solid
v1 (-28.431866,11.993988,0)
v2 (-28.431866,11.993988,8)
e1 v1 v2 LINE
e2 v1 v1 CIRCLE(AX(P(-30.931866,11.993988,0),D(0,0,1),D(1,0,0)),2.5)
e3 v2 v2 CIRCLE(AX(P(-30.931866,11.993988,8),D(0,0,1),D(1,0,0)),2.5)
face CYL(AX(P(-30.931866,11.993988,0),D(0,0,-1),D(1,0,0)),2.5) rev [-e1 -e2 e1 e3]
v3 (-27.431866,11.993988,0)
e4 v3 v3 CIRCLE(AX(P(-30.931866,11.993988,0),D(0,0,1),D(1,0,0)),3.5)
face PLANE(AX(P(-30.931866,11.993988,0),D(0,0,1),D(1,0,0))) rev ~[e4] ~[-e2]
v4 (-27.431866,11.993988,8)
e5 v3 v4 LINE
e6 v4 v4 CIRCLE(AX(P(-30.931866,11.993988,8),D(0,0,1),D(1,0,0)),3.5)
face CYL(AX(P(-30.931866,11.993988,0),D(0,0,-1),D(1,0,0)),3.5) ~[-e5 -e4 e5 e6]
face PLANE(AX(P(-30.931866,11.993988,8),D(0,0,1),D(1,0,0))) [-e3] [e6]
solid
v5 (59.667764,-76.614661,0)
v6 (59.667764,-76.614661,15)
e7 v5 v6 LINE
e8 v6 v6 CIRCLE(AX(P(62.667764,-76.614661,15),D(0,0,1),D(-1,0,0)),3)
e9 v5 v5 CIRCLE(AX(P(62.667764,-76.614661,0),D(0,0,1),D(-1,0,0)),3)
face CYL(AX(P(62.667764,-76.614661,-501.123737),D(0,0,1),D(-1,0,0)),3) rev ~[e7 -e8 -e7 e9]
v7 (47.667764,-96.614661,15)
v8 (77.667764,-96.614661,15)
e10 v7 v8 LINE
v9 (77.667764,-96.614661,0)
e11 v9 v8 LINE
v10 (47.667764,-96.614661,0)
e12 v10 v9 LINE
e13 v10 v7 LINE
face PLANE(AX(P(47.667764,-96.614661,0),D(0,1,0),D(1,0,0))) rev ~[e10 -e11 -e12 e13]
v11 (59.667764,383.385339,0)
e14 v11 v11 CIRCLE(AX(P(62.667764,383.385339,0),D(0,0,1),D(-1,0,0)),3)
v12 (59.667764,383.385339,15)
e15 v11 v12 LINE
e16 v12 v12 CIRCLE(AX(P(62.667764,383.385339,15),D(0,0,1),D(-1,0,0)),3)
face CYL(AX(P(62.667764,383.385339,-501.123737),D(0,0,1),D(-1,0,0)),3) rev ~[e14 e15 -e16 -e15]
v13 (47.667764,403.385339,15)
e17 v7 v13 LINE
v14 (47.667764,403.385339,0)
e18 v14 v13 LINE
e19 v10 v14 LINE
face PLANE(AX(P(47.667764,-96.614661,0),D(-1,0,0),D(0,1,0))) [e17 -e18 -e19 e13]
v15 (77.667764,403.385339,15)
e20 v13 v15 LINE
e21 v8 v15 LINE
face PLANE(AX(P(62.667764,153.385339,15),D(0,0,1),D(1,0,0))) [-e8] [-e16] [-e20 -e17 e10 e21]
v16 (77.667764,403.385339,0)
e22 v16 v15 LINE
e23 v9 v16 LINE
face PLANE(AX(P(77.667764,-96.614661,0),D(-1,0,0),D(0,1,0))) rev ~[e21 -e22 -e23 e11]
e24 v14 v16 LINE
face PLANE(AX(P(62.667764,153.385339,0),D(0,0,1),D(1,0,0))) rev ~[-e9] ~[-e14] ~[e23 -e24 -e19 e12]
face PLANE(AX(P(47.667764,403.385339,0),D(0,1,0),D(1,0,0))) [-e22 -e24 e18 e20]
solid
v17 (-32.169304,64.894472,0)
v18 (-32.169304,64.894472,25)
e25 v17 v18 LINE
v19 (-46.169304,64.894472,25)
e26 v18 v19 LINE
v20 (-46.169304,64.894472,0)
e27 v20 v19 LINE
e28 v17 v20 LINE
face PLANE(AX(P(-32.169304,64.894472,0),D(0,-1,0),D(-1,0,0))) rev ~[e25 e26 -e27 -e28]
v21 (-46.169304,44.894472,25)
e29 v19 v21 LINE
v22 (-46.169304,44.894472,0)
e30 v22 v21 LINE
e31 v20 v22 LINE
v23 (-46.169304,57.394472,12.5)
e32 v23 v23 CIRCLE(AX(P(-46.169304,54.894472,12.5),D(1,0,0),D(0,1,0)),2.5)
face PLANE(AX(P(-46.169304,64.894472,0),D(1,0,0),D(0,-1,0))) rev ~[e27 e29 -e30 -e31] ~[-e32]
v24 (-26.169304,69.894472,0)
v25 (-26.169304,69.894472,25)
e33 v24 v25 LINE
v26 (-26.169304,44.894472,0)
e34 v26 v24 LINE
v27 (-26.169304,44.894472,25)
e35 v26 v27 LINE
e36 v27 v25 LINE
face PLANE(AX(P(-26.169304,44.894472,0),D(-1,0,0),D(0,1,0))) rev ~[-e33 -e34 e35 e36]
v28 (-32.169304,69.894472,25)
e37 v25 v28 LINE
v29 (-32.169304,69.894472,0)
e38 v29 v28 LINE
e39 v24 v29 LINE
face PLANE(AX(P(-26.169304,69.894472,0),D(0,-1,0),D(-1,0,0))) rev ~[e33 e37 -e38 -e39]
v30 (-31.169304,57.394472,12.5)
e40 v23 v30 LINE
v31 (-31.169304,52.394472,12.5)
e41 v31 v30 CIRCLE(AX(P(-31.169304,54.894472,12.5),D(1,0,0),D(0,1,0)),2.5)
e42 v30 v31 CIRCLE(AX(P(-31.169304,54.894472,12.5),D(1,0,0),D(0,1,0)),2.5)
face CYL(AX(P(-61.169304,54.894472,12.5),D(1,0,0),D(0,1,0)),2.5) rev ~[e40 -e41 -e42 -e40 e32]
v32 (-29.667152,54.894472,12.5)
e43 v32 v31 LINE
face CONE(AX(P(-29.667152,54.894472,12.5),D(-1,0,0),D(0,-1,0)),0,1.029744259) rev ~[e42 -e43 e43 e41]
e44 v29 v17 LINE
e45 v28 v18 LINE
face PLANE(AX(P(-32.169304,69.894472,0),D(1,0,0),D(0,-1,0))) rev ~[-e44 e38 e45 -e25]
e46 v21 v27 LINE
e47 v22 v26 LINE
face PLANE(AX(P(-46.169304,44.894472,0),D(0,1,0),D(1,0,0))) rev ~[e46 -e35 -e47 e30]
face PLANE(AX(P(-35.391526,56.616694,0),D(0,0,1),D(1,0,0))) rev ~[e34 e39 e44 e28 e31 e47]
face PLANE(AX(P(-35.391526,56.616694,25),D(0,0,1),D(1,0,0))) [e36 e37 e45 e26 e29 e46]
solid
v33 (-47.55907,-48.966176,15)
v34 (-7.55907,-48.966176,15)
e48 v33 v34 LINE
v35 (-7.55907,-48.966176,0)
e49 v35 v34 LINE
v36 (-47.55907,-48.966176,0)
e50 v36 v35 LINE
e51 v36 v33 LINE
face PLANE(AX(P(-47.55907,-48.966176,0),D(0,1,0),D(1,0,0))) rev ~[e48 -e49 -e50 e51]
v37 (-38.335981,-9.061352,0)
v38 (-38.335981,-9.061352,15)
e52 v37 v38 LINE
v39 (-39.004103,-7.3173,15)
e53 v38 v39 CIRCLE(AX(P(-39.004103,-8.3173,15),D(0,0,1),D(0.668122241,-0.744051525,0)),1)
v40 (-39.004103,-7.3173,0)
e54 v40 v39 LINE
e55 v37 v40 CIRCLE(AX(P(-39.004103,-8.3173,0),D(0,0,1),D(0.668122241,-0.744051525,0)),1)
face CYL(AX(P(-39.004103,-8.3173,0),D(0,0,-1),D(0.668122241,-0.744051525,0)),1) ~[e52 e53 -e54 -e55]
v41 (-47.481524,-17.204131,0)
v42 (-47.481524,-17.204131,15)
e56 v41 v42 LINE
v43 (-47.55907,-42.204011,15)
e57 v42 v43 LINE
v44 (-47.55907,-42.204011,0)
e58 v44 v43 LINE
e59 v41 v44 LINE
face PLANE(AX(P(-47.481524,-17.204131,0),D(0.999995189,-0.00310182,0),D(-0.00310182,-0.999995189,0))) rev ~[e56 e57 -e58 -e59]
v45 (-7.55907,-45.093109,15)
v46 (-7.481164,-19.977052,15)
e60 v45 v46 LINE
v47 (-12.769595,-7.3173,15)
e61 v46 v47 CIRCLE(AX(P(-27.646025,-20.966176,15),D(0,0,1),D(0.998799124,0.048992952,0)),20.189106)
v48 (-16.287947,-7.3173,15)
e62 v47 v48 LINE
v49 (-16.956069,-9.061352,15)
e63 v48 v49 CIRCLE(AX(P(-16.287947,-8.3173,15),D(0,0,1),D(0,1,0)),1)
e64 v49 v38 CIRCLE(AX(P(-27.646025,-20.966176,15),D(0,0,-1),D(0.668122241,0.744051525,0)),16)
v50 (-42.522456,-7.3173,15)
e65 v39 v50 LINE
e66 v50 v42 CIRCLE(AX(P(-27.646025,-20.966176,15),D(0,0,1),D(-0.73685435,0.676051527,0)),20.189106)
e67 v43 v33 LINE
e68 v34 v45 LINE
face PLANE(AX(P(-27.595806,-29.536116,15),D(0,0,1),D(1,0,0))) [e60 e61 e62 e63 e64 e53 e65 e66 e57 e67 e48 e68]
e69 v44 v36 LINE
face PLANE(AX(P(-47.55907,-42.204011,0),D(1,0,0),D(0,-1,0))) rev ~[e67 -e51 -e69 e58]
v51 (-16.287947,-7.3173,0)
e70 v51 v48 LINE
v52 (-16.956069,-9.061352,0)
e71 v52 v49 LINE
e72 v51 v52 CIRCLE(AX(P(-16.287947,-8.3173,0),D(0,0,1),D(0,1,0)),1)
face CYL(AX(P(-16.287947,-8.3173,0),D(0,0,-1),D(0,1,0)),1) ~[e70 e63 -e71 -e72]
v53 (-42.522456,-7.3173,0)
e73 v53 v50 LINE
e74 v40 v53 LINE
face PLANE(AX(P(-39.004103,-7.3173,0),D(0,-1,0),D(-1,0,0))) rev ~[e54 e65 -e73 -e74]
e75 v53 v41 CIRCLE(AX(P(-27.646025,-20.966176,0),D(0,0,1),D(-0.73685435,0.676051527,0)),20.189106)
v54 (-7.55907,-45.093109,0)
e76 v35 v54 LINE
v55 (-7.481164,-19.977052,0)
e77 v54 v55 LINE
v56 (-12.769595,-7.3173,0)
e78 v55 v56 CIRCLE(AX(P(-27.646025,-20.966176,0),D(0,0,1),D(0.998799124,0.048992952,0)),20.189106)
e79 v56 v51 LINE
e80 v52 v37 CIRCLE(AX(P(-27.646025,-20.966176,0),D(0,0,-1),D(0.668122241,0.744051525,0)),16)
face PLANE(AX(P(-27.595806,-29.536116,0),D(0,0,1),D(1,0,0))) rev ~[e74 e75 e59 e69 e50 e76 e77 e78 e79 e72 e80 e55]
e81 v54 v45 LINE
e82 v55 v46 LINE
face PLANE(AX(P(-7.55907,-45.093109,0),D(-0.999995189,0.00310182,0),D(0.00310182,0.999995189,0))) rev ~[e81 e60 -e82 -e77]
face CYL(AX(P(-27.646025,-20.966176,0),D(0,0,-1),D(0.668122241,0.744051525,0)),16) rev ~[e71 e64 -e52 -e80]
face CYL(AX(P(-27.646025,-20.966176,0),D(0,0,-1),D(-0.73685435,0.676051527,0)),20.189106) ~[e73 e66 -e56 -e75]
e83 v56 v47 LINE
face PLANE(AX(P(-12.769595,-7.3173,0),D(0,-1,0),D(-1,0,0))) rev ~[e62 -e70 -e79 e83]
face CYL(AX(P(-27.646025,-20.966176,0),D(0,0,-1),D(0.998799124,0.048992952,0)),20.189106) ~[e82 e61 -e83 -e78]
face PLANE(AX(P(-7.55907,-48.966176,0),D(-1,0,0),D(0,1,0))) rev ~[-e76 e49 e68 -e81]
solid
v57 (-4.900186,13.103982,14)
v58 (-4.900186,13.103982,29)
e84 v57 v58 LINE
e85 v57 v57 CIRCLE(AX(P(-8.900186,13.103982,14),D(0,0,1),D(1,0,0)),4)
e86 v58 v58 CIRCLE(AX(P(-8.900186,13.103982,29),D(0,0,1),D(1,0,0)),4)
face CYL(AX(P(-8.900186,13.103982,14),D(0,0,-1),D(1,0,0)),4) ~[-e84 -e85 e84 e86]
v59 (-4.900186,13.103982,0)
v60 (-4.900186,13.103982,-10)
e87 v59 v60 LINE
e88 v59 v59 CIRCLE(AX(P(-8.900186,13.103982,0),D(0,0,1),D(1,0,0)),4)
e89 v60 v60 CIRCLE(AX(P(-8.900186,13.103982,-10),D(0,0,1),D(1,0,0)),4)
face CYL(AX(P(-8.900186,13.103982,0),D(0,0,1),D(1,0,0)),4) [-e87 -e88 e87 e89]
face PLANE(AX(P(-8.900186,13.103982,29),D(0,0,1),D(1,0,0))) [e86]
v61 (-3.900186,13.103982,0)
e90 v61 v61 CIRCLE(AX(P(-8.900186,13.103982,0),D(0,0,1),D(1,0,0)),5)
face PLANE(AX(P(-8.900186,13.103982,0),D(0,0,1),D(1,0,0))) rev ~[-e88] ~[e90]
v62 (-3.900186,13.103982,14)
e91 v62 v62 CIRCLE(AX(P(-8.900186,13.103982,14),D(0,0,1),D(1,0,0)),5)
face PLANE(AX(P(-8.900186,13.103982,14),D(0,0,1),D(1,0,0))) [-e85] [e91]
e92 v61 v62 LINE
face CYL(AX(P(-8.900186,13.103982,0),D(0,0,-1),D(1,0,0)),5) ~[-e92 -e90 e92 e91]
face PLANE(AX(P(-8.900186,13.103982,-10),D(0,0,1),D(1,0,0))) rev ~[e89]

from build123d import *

# Parameters (mm, degrees)
F0_R      = 3.5
F0_R_2    = 2.5
F1_DEPTH  = 8
F0_R_3    = 4
F2_DEPTH  = 10
F0_R_4    = 5
F3_DEPTH  = 14
F4_R      = 4
F5_DEPTH  = 15
F0_W      = 30
F0_H      = 500
F6_DEPTH  = 15
F7_D      = 6
F8_DEPTH  = 25
F10_D     = 5
F10_DEPTH = 15
F10_TIP   = 1.5021515476
F11_DEPTH = 15


with BuildPart() as f1:
    # F0 (on Top) → F1 (new body)
    with BuildSketch(Plane.XY):
        with Locations((-30.9318657964, 11.9939884171)):
            Circle(F0_R)
        with Locations((-30.9318657964, 11.9939884171)):
            Circle(F0_R_2, mode=Mode.SUBTRACT)
    extrude(amount=F1_DEPTH)


with BuildPart() as f2:
    # F0 (on Top) → F2 (new body)
    with BuildSketch(Plane.XY):
        with Locations((-8.900186047, 13.1039824337)):
            Circle(F0_R_3)
    extrude(amount=-F2_DEPTH)

    # F0 (on Top) → F3 (join)
    with BuildSketch(Plane.XY):
        with Locations((-8.900186047, 13.1039824337)):
            Circle(F0_R_4)
        with Locations((-8.900186047, 13.1039824337)):
            Circle(F0_R_3, mode=Mode.SUBTRACT)
        with Locations((-8.900186047, 13.1039824337)):
            Circle(F0_R_3)
    extrude(amount=F3_DEPTH)

    # F4 (on face) → F5 (join)
    with BuildSketch(Plane.XY.offset(14)):
        with Locations((-8.900186047, 13.1039824337)):
            Circle(F4_R)
    extrude(amount=F5_DEPTH)


with BuildPart() as f6:
    # F0 (on Top) → F6 (new body)
    with BuildSketch(Plane.XY):
        with Locations((62.6677641273, 153.3853390813)):
            Rectangle(F0_W, F0_H)
    extrude(amount=F6_DEPTH)

    # F7 (through all)
    with Locations(Plane(origin=(0, 0, 0), x_dir=(1, 0, 0), z_dir=(0, 0, -1))):
        with Locations((62.6677641273, -383.3853390813), (62.6677641273, 76.6146609187)):
            Hole(F7_D / 2)


with BuildPart() as f8:
    # F0 (on Top) → F8 (new body)
    with BuildSketch(Plane.XY):
        Polygon((-46.1693040282, 64.8944717646), (-46.1693040282, 44.8944717646), (-26.1693040282, 44.8944717646), (-26.1693040282, 69.8944717646), (-32.1693040282, 69.8944717646), (-32.1693040282, 64.8944717646), align=None)
    extrude(amount=F8_DEPTH)

    # F10
    with Locations(Plane(origin=(-46.1693040282, 0, 0), x_dir=(0, -1, 0), z_dir=(-1, 0, 0))):
        with Locations((-54.8944717646, 12.5)):
            Hole(F10_D / 2, depth=F10_DEPTH)
            with Locations((0, 0, -(F10_DEPTH + F10_TIP / 2))):  # 118° drill point
                Cone(0, F10_D / 2, F10_TIP, mode=Mode.SUBTRACT)


with BuildPart() as f11:
    # F0 (on Top) → F11 (new body)
    with BuildSketch(Plane.XY):
        with BuildLine():
            ThreePointArc((-16.9560693478, -9.0613515281), (-27.6460252004, -36.9661759228), (-38.335981053, -9.0613515281))
            ThreePointArc((-38.335981053, -9.0613515281), (-38.0702800973, -7.9595651328), (-39.0041032938, -7.3173000034))
            Line((-39.0041032938, -7.3173000034), (-42.5224557581, -7.3173000034))
            ThreePointArc((-42.5224557581, -7.3173000034), (-45.6922677928, -11.9144839099), (-47.4815241961, -17.2041313204))
            Line((-47.4815241961, -17.2041313204), (-47.5590697005, -42.204011054))
            Line((-47.5590697005, -42.204011054), (-47.5590697005, -48.9661759228))
            Line((-47.5590697005, -48.9661759228), (-7.5590697005, -48.9661759228))
            Line((-7.5590697005, -48.9661759228), (-7.5590697005, -45.0931087413))
            Line((-7.5590697005, -45.0931087413), (-7.4811638343, -19.9770520248))
            ThreePointArc((-7.4811638343, -19.9770520248), (-9.0170057621, -13.1841688059), (-12.7695946427, -7.3173000034))
            Line((-12.7695946427, -7.3173000034), (-16.287947107, -7.3173000034))
            ThreePointArc((-16.287947107, -7.3173000034), (-17.2217703035, -7.9595651328), (-16.9560693478, -9.0613515281))
        make_face()
    extrude(amount=F11_DEPTH)


solid = Compound([f1.part, f2.part, f6.part, f8.part, f11.part])
